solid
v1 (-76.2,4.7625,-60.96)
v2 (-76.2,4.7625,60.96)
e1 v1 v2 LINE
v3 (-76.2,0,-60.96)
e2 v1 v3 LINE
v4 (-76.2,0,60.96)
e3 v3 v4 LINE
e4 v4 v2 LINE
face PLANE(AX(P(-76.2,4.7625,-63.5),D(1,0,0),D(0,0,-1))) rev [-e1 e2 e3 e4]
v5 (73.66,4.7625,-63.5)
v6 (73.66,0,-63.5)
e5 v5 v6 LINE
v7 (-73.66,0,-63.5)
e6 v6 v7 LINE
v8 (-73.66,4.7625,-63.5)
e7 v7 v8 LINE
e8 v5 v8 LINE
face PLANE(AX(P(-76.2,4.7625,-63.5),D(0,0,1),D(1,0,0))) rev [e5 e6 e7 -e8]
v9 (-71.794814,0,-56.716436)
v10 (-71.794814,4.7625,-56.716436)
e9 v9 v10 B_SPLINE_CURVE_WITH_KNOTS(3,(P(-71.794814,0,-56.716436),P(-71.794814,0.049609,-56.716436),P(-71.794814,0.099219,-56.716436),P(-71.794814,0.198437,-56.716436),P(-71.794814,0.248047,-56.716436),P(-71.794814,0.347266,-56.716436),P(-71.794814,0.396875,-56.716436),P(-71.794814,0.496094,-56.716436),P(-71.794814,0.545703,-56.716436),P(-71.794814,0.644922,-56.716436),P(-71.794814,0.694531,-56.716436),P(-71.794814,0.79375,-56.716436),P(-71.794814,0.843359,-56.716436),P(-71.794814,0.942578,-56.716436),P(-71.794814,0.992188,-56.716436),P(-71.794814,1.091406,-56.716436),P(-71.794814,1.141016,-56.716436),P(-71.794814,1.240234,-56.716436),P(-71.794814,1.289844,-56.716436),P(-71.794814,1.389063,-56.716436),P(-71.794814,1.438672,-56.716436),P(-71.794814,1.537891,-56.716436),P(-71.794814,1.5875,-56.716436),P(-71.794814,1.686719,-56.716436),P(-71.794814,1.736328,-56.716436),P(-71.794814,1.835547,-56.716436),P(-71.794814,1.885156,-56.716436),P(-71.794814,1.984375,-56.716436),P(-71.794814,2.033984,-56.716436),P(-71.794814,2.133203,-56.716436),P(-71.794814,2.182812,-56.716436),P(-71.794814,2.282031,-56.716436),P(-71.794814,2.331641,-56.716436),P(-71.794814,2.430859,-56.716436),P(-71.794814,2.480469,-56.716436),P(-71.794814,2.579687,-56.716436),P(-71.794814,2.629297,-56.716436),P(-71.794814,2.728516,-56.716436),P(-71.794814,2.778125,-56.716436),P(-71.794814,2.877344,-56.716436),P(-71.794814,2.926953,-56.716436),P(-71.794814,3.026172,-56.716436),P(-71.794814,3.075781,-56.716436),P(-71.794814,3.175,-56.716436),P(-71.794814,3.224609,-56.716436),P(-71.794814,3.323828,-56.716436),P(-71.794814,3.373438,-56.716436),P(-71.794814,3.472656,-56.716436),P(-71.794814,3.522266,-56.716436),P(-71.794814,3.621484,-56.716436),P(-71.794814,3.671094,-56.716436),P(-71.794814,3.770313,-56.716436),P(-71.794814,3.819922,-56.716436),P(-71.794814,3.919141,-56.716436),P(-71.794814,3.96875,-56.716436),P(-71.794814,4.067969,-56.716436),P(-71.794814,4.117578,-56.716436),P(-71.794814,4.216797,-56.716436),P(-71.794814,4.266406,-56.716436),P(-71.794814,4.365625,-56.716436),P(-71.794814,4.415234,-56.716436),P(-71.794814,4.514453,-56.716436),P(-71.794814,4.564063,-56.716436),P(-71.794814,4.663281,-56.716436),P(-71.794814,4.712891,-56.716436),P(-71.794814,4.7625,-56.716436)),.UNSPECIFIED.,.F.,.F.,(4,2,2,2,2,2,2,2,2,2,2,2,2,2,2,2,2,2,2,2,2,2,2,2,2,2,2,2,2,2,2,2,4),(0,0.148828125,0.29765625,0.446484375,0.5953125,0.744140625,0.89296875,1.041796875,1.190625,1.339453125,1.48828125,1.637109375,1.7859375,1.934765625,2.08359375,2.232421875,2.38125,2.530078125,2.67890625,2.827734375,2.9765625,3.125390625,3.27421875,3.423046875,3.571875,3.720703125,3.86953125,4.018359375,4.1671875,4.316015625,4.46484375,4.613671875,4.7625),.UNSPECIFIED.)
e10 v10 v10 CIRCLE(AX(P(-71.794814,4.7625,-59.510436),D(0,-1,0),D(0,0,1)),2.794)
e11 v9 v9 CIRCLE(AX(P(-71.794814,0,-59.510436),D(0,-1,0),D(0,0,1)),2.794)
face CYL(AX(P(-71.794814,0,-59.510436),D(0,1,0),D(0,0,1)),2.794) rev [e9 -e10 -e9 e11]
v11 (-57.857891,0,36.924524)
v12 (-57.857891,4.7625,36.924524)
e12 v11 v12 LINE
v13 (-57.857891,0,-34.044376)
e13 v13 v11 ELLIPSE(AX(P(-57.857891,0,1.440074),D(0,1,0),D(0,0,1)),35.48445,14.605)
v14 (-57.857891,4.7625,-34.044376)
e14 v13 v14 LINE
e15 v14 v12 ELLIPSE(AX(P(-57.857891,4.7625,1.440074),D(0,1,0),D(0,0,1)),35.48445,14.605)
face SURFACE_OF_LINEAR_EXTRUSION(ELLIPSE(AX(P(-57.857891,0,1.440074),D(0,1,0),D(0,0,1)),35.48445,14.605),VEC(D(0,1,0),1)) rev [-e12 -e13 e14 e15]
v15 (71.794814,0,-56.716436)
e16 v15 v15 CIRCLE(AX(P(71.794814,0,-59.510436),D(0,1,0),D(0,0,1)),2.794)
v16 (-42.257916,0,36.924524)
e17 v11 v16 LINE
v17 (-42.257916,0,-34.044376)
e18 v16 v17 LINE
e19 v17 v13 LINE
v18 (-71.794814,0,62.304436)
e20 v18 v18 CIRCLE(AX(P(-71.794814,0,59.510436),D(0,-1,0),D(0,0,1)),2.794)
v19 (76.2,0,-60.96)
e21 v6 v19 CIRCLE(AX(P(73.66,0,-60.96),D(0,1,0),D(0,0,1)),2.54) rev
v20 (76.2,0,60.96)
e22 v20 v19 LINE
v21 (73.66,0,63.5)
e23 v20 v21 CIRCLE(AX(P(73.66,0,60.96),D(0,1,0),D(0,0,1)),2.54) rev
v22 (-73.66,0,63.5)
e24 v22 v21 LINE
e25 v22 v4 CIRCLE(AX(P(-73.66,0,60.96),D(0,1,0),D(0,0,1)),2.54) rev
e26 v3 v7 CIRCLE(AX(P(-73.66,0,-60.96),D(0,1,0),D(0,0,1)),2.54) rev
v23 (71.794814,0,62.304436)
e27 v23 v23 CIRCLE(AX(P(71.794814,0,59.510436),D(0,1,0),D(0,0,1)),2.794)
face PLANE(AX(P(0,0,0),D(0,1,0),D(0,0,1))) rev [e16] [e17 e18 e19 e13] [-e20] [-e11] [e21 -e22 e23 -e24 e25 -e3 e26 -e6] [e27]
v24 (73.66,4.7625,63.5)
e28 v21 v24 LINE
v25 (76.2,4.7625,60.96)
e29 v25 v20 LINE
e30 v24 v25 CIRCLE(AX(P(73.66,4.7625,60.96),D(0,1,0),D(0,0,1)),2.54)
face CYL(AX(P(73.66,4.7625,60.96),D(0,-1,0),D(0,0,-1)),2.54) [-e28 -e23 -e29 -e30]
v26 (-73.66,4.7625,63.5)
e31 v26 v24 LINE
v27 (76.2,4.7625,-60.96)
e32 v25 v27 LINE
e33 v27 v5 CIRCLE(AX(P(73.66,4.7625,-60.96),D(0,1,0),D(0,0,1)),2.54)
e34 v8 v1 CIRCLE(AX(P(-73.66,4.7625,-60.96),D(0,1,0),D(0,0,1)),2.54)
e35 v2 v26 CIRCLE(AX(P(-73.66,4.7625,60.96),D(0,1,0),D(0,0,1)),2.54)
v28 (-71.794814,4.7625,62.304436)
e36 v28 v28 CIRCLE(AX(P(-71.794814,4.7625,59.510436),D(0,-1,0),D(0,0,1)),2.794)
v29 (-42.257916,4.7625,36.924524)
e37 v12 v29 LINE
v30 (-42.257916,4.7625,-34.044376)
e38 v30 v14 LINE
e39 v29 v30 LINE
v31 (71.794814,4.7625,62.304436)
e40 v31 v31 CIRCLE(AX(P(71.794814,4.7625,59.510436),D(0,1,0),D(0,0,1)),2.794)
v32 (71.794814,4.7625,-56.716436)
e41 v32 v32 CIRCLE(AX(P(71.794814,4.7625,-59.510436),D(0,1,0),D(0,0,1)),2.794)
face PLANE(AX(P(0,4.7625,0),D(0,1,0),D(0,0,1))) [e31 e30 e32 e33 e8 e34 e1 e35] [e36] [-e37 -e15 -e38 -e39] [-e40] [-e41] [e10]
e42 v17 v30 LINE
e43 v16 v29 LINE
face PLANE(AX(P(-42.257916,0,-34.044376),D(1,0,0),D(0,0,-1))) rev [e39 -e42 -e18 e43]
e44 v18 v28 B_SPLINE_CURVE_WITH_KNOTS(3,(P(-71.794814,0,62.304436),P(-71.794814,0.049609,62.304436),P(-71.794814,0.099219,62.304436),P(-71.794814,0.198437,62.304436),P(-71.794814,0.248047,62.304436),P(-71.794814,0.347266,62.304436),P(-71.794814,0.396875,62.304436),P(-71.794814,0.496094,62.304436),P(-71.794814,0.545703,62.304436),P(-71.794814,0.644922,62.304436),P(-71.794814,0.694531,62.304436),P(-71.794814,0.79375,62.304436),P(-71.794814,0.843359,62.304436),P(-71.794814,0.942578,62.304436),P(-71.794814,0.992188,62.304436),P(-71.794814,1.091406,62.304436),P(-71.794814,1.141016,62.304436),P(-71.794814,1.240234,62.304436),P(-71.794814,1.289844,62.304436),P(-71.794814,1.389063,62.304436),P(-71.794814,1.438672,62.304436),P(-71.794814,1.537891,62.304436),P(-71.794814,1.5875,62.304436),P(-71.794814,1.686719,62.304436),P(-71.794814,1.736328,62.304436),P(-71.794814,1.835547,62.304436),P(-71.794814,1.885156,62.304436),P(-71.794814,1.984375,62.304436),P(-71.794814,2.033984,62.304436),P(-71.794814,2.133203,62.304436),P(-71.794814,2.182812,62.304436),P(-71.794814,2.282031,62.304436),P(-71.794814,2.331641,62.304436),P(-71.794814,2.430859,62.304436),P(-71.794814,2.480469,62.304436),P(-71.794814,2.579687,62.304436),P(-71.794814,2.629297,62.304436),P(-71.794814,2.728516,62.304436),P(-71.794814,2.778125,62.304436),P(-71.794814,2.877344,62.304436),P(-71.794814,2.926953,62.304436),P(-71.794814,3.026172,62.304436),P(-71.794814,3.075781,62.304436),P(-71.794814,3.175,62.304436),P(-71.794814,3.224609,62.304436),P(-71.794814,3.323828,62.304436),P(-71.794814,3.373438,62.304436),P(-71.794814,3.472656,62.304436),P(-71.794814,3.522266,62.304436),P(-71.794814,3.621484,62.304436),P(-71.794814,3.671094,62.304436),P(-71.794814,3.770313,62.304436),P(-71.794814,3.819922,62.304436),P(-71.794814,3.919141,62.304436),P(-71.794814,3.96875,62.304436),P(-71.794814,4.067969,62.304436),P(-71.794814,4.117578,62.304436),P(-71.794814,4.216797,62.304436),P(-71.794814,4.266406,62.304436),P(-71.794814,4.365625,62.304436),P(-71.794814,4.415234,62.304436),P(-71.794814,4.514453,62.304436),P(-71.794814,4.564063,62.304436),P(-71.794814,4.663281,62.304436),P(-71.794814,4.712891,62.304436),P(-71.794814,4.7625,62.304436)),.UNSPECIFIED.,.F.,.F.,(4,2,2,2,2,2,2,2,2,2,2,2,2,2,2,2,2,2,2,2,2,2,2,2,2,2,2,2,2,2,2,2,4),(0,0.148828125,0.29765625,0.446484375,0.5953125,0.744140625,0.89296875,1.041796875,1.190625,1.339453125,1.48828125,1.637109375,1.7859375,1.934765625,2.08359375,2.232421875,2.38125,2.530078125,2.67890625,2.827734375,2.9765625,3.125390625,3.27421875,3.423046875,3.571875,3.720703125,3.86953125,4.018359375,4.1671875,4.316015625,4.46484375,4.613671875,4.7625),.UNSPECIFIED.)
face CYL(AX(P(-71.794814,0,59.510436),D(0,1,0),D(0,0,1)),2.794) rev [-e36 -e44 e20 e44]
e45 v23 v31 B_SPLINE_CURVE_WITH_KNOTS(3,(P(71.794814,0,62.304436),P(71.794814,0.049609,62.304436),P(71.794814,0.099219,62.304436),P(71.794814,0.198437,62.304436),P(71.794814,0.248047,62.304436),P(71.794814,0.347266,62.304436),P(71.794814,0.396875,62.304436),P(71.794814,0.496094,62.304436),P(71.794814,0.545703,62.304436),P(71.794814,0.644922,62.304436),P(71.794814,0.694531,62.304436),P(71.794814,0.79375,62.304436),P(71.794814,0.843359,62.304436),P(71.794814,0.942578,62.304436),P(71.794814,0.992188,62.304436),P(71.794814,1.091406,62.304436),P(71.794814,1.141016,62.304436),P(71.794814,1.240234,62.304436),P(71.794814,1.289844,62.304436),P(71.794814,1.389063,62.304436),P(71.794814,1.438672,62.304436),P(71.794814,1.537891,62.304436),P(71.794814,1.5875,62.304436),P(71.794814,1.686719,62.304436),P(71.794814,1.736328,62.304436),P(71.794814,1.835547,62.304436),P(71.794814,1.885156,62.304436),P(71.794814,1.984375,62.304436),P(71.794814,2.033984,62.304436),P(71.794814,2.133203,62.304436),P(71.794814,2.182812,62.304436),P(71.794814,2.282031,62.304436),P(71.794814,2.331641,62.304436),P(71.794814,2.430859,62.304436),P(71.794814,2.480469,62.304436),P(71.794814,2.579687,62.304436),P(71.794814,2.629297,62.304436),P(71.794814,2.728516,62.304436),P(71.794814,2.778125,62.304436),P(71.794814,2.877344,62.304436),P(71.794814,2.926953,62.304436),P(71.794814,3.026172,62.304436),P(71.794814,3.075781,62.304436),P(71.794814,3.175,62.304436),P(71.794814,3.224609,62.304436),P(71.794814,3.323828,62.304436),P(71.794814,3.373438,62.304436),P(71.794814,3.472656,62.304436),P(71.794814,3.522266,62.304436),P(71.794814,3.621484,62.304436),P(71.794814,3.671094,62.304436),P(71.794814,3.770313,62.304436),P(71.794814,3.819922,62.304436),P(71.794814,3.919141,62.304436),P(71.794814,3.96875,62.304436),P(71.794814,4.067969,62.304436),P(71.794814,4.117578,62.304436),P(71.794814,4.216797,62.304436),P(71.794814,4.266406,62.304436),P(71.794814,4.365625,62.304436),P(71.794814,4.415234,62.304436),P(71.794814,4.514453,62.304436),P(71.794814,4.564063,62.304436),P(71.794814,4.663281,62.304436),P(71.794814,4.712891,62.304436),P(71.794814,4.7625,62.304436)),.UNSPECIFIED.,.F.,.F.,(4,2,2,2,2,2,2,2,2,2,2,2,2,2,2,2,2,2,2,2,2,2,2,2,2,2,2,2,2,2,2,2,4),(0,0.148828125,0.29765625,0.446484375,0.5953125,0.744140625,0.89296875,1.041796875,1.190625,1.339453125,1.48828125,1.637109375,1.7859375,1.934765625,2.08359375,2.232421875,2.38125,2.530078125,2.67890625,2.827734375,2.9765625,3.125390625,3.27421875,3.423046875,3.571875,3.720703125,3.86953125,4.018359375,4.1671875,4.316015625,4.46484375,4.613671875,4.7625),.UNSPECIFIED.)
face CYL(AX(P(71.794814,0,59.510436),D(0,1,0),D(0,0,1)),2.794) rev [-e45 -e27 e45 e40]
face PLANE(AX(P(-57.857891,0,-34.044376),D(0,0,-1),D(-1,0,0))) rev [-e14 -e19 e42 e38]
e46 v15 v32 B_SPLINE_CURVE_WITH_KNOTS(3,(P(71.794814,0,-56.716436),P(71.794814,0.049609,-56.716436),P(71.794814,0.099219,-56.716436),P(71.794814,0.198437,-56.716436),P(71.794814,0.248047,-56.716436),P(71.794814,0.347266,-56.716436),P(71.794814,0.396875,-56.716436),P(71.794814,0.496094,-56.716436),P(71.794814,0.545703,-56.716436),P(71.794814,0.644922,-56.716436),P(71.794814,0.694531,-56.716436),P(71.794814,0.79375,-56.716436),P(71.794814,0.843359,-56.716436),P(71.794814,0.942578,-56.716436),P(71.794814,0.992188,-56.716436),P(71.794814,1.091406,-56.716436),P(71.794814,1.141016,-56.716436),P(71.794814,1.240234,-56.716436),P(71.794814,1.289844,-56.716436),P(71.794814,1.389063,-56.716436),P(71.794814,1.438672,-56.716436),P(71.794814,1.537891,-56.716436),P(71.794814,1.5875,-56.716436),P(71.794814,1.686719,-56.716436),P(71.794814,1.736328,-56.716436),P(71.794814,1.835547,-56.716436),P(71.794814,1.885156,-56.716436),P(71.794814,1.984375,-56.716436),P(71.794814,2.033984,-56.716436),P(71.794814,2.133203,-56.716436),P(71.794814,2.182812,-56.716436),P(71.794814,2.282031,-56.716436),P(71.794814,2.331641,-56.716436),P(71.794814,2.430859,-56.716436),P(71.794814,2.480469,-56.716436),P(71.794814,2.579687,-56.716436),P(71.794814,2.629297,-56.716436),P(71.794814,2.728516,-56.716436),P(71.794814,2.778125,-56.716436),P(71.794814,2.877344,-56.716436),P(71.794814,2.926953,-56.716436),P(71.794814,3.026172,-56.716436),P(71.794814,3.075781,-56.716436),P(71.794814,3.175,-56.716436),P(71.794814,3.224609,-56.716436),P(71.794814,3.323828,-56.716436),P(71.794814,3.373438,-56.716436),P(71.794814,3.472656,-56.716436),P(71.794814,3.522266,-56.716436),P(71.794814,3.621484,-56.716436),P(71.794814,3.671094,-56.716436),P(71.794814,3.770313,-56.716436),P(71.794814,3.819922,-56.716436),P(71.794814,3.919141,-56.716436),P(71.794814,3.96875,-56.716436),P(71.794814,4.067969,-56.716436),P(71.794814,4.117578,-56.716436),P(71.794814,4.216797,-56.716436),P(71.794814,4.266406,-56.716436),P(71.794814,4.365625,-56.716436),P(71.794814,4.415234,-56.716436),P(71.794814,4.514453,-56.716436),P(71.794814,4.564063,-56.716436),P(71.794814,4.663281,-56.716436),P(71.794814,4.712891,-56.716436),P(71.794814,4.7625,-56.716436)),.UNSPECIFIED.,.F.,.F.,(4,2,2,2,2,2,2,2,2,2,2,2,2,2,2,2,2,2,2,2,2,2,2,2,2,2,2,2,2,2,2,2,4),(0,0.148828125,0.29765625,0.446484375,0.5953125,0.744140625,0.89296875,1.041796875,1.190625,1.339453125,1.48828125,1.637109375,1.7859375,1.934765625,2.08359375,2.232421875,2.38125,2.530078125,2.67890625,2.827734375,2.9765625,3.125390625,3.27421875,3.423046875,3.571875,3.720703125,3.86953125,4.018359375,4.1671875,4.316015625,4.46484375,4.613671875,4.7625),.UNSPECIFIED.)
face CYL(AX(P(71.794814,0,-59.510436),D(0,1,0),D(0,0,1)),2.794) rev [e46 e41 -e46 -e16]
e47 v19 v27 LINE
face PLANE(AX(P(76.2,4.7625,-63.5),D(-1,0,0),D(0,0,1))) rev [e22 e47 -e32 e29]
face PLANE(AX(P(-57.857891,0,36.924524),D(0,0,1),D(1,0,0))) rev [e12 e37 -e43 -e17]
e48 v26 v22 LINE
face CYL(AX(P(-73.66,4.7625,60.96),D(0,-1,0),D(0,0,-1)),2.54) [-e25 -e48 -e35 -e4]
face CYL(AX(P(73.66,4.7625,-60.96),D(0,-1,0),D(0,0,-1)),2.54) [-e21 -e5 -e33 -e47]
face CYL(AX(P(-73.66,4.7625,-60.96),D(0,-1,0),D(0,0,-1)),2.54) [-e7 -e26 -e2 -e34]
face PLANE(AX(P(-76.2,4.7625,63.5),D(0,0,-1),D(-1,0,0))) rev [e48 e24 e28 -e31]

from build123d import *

# Parameters (mm, degrees)
SKETCH1_W           = 152.4
SKETCH1_H           = 127
BOSS_EXTRUDE1_DEPTH = 4.7625
SKETCH2_R           = 2.794
CUT_EXTRUDE1_DEPTH  = 100.304437999
FILLET1_R           = 2.54
SKETCH4_W           = 15.599974926
SKETCH4_H           = 70.968900013
CUT_EXTRUDE2_DEPTH  = 100.304437999
SKETCH5_RX          = 35.484450006
SKETCH5_RY          = 14.605
CUT_EXTRUDE3_DEPTH  = 100.304437999


with BuildPart() as part:
    # Sketch1 → Boss-Extrude1 (new body)
    with BuildSketch(Plane(origin=(0, 0, 0), x_dir=(1, 0, 0), z_dir=(0, 1, 0))):
        Rectangle(SKETCH1_W, SKETCH1_H)
    extrude(amount=BOSS_EXTRUDE1_DEPTH)

    # Sketch2 → Cut-Extrude1 (cut, through all)
    with BuildSketch(Plane(origin=(0, 4.7625, 0), x_dir=(1, 0, 0), z_dir=(0, 1, 0))):
        with Locations(Location((71.794813785, -59.510435834, 0), (0, 0, 270))):
            Circle(SKETCH2_R)
        with Locations(Location((71.794813785, 59.510435834, 0), (0, 0, 270))):
            Circle(SKETCH2_R)
    cut_extrude1 = extrude(amount=-CUT_EXTRUDE1_DEPTH, mode=Mode.SUBTRACT)

    # Mirror1: Cut-Extrude1 across plane
    add(cut_extrude1.mirror(Plane(origin=(0, 0, 0), x_dir=(0, 0, 1), z_dir=(1, 0, 0))), mode=Mode.SUBTRACT)

    # Fillet1
    fillet1_edges = [part.edges().sort_by_distance(p)[0] for p in [
        (76.2, 2.38125, 63.5),
        (-76.2, 2.38125, 63.5),
        (-76.2, 2.38125, -63.5),
        (76.2, 2.38125, -63.5),
    ]]
    fillet(fillet1_edges, radius=FILLET1_R)

    # Sketch4 → Cut-Extrude2 (cut, through all)
    with BuildSketch(Plane(origin=(0, 4.7625, 0), x_dir=(1, 0, 0), z_dir=(0, 1, 0))):
        with Locations((-50.05790393, -1.440073651)):
            Rectangle(SKETCH4_W, SKETCH4_H)
    extrude(amount=-CUT_EXTRUDE2_DEPTH, mode=Mode.SUBTRACT)

    # Sketch5 → Cut-Extrude3 (cut, through all)
    with BuildSketch(Plane(origin=(0, 4.7625, 0), x_dir=(1, 0, 0), z_dir=(0, 1, 0))):
        with Locations(Location((-57.857891393, -1.44007365), (0, 0, -90))):
            Ellipse(SKETCH5_RX, SKETCH5_RY)
    extrude(amount=-CUT_EXTRUDE3_DEPTH, mode=Mode.SUBTRACT)


solid = part.part
